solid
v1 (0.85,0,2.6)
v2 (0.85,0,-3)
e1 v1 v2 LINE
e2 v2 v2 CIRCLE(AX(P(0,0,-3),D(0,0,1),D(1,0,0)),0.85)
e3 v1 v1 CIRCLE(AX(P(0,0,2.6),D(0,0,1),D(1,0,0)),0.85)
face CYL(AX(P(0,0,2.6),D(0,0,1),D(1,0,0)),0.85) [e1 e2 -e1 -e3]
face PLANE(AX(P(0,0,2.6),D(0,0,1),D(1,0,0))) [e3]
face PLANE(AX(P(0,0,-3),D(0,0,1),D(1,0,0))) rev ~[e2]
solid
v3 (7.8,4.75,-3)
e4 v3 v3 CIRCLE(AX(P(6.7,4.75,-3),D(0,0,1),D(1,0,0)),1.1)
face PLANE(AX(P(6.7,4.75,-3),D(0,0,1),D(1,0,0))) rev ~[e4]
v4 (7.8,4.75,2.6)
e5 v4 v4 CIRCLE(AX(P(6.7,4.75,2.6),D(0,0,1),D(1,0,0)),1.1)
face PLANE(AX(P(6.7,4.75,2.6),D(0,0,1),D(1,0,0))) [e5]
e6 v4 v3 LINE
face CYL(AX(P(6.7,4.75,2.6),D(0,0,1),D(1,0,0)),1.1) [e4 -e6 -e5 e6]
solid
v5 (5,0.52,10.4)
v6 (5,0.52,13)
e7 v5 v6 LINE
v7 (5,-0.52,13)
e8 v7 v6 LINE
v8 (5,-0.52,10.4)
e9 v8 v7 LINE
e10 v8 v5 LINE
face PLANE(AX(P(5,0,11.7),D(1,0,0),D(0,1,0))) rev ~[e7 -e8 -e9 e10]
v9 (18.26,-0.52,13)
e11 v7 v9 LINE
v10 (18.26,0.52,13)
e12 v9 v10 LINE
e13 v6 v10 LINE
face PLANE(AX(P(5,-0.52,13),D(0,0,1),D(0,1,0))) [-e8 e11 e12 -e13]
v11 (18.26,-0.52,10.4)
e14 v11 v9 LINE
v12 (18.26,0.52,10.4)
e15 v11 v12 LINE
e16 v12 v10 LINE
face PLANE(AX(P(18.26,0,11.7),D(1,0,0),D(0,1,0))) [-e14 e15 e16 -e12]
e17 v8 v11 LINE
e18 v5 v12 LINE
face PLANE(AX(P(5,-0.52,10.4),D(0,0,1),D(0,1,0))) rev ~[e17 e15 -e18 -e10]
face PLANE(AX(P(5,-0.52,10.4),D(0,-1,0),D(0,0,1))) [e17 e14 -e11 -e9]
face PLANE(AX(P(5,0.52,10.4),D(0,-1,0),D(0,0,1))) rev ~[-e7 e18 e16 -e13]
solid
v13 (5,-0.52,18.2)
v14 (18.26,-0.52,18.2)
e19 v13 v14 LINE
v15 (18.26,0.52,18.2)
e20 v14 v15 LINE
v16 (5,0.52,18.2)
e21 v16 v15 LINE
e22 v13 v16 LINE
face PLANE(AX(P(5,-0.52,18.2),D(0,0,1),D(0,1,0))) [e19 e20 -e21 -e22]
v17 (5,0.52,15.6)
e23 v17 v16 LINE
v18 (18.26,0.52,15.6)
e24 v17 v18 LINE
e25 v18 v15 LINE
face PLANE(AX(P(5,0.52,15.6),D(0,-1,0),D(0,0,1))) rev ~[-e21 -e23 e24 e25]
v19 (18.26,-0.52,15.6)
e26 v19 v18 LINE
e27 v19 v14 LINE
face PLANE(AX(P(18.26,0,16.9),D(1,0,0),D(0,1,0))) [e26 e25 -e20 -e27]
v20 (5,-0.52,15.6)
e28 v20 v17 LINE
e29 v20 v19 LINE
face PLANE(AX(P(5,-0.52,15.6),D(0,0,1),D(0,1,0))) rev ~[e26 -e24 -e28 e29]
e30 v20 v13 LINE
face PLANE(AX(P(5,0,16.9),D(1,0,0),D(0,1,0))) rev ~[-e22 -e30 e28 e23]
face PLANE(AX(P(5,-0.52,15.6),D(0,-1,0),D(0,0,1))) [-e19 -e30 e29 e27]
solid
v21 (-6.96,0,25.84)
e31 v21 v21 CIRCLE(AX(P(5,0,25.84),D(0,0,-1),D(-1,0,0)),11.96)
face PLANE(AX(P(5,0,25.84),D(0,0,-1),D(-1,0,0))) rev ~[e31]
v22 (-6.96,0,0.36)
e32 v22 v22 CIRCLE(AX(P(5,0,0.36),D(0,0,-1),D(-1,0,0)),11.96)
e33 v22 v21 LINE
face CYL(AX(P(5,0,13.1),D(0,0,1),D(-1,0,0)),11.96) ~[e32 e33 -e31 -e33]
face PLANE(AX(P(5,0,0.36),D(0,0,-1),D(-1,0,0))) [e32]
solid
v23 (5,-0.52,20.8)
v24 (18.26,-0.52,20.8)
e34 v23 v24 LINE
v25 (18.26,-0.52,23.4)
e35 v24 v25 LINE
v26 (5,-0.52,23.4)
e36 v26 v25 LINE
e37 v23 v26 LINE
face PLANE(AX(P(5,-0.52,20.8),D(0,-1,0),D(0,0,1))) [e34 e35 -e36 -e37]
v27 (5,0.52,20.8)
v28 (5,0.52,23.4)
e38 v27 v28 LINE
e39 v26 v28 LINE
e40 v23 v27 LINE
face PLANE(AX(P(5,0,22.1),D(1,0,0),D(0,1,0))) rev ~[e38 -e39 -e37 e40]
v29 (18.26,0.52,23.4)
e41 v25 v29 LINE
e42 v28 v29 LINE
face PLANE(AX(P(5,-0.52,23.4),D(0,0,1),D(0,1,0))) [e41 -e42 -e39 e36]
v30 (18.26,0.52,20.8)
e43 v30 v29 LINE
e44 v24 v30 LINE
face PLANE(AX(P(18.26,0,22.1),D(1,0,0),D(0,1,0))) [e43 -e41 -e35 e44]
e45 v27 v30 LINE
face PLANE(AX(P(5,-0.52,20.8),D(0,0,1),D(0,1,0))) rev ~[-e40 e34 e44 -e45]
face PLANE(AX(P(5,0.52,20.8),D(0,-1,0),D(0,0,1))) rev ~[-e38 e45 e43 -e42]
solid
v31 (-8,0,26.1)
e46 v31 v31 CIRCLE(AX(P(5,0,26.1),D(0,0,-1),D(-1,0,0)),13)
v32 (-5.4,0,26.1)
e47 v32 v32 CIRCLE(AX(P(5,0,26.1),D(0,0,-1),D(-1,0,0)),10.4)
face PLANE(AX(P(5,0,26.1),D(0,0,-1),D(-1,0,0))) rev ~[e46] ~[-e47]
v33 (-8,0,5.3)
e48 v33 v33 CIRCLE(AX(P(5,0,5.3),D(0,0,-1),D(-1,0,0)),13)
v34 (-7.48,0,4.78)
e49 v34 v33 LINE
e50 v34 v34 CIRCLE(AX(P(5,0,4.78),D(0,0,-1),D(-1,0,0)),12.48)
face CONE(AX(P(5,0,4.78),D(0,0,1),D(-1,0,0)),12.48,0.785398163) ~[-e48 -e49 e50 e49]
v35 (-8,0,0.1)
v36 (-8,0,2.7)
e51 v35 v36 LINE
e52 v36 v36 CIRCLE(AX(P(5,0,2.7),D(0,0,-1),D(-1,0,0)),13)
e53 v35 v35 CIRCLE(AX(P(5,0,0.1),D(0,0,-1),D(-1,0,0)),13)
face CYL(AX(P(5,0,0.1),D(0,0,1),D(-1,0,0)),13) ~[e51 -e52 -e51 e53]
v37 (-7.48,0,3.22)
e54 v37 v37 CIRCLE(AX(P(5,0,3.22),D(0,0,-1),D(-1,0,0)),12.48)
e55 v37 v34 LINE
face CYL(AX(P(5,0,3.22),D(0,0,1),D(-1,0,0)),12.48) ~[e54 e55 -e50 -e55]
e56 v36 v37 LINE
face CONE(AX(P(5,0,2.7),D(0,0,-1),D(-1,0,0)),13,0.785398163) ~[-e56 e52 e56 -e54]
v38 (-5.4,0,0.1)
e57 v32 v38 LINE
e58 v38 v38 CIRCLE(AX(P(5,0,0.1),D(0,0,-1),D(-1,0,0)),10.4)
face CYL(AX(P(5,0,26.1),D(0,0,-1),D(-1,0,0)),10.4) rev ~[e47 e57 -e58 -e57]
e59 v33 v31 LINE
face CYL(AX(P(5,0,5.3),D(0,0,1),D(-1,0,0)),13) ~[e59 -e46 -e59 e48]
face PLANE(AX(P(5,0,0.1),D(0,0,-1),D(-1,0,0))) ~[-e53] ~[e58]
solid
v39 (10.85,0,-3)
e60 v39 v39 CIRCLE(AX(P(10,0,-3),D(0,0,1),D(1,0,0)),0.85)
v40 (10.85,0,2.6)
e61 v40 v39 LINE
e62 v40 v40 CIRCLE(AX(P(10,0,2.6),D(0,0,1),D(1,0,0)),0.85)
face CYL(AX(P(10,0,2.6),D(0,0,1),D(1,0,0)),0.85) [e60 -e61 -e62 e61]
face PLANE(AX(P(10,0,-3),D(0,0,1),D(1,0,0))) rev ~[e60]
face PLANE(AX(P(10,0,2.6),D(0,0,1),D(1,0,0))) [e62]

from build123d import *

# Parameters (mm, degrees)
SKETCH002_W   = 11.96
SKETCH002_H   = 25.48
SKETCH003_R   = 0.85
SKETCH003_R_2 = 1.1
PAD_DEPTH     = 5.6
SKETCH004_W   = 1.04
SKETCH004_H   = 2.6
PAD001_DEPTH  = 13.26


with BuildPart() as revolution:
    # Sketch → Revolution (revolve)
    with BuildSketch(Plane.XZ):
        Polygon((-8, 0.1), (-8, 2.7), (-7.48, 3.22), (-7.48, 4.78), (-8, 5.3), (-8, 26.1), (-5.4, 26.1), (-5.4, 0.1), align=None)
    revolve(axis=Axis((5, 0, 7.548619), (0, 0, -1)))


with BuildPart() as revolution001:
    # Sketch002 → Revolution001 (revolve)
    with BuildSketch(Plane.XZ):
        with Locations((-0.98, 13.1)):
            Rectangle(SKETCH002_W, SKETCH002_H)
    revolve(axis=Axis((5, 0, 4.680116), (0, 0, -1)))


with BuildPart() as pad:
    # Sketch003 → Pad (new body)
    with BuildSketch(Plane.XY.offset(2.6)):
        Circle(SKETCH003_R)
        with Locations((10, 0)):
            Circle(SKETCH003_R)
        with Locations((6.7, 4.75)):
            Circle(SKETCH003_R_2)
    extrude(amount=-PAD_DEPTH)


with BuildPart() as pad001:
    # Sketch004 → Pad001 (new body)
    with BuildSketch(Plane.YZ.offset(5)):
        with Locations((0, 11.7)):
            Rectangle(SKETCH004_W, SKETCH004_H)
        with Locations((0, 16.9)):
            Rectangle(SKETCH004_W, SKETCH004_H)
        with Locations((0, 22.1)):
            Rectangle(SKETCH004_W, SKETCH004_H)
    extrude(amount=PAD001_DEPTH)


solid = Compound([revolution.part, revolution001.part, pad.part, pad001.part])
